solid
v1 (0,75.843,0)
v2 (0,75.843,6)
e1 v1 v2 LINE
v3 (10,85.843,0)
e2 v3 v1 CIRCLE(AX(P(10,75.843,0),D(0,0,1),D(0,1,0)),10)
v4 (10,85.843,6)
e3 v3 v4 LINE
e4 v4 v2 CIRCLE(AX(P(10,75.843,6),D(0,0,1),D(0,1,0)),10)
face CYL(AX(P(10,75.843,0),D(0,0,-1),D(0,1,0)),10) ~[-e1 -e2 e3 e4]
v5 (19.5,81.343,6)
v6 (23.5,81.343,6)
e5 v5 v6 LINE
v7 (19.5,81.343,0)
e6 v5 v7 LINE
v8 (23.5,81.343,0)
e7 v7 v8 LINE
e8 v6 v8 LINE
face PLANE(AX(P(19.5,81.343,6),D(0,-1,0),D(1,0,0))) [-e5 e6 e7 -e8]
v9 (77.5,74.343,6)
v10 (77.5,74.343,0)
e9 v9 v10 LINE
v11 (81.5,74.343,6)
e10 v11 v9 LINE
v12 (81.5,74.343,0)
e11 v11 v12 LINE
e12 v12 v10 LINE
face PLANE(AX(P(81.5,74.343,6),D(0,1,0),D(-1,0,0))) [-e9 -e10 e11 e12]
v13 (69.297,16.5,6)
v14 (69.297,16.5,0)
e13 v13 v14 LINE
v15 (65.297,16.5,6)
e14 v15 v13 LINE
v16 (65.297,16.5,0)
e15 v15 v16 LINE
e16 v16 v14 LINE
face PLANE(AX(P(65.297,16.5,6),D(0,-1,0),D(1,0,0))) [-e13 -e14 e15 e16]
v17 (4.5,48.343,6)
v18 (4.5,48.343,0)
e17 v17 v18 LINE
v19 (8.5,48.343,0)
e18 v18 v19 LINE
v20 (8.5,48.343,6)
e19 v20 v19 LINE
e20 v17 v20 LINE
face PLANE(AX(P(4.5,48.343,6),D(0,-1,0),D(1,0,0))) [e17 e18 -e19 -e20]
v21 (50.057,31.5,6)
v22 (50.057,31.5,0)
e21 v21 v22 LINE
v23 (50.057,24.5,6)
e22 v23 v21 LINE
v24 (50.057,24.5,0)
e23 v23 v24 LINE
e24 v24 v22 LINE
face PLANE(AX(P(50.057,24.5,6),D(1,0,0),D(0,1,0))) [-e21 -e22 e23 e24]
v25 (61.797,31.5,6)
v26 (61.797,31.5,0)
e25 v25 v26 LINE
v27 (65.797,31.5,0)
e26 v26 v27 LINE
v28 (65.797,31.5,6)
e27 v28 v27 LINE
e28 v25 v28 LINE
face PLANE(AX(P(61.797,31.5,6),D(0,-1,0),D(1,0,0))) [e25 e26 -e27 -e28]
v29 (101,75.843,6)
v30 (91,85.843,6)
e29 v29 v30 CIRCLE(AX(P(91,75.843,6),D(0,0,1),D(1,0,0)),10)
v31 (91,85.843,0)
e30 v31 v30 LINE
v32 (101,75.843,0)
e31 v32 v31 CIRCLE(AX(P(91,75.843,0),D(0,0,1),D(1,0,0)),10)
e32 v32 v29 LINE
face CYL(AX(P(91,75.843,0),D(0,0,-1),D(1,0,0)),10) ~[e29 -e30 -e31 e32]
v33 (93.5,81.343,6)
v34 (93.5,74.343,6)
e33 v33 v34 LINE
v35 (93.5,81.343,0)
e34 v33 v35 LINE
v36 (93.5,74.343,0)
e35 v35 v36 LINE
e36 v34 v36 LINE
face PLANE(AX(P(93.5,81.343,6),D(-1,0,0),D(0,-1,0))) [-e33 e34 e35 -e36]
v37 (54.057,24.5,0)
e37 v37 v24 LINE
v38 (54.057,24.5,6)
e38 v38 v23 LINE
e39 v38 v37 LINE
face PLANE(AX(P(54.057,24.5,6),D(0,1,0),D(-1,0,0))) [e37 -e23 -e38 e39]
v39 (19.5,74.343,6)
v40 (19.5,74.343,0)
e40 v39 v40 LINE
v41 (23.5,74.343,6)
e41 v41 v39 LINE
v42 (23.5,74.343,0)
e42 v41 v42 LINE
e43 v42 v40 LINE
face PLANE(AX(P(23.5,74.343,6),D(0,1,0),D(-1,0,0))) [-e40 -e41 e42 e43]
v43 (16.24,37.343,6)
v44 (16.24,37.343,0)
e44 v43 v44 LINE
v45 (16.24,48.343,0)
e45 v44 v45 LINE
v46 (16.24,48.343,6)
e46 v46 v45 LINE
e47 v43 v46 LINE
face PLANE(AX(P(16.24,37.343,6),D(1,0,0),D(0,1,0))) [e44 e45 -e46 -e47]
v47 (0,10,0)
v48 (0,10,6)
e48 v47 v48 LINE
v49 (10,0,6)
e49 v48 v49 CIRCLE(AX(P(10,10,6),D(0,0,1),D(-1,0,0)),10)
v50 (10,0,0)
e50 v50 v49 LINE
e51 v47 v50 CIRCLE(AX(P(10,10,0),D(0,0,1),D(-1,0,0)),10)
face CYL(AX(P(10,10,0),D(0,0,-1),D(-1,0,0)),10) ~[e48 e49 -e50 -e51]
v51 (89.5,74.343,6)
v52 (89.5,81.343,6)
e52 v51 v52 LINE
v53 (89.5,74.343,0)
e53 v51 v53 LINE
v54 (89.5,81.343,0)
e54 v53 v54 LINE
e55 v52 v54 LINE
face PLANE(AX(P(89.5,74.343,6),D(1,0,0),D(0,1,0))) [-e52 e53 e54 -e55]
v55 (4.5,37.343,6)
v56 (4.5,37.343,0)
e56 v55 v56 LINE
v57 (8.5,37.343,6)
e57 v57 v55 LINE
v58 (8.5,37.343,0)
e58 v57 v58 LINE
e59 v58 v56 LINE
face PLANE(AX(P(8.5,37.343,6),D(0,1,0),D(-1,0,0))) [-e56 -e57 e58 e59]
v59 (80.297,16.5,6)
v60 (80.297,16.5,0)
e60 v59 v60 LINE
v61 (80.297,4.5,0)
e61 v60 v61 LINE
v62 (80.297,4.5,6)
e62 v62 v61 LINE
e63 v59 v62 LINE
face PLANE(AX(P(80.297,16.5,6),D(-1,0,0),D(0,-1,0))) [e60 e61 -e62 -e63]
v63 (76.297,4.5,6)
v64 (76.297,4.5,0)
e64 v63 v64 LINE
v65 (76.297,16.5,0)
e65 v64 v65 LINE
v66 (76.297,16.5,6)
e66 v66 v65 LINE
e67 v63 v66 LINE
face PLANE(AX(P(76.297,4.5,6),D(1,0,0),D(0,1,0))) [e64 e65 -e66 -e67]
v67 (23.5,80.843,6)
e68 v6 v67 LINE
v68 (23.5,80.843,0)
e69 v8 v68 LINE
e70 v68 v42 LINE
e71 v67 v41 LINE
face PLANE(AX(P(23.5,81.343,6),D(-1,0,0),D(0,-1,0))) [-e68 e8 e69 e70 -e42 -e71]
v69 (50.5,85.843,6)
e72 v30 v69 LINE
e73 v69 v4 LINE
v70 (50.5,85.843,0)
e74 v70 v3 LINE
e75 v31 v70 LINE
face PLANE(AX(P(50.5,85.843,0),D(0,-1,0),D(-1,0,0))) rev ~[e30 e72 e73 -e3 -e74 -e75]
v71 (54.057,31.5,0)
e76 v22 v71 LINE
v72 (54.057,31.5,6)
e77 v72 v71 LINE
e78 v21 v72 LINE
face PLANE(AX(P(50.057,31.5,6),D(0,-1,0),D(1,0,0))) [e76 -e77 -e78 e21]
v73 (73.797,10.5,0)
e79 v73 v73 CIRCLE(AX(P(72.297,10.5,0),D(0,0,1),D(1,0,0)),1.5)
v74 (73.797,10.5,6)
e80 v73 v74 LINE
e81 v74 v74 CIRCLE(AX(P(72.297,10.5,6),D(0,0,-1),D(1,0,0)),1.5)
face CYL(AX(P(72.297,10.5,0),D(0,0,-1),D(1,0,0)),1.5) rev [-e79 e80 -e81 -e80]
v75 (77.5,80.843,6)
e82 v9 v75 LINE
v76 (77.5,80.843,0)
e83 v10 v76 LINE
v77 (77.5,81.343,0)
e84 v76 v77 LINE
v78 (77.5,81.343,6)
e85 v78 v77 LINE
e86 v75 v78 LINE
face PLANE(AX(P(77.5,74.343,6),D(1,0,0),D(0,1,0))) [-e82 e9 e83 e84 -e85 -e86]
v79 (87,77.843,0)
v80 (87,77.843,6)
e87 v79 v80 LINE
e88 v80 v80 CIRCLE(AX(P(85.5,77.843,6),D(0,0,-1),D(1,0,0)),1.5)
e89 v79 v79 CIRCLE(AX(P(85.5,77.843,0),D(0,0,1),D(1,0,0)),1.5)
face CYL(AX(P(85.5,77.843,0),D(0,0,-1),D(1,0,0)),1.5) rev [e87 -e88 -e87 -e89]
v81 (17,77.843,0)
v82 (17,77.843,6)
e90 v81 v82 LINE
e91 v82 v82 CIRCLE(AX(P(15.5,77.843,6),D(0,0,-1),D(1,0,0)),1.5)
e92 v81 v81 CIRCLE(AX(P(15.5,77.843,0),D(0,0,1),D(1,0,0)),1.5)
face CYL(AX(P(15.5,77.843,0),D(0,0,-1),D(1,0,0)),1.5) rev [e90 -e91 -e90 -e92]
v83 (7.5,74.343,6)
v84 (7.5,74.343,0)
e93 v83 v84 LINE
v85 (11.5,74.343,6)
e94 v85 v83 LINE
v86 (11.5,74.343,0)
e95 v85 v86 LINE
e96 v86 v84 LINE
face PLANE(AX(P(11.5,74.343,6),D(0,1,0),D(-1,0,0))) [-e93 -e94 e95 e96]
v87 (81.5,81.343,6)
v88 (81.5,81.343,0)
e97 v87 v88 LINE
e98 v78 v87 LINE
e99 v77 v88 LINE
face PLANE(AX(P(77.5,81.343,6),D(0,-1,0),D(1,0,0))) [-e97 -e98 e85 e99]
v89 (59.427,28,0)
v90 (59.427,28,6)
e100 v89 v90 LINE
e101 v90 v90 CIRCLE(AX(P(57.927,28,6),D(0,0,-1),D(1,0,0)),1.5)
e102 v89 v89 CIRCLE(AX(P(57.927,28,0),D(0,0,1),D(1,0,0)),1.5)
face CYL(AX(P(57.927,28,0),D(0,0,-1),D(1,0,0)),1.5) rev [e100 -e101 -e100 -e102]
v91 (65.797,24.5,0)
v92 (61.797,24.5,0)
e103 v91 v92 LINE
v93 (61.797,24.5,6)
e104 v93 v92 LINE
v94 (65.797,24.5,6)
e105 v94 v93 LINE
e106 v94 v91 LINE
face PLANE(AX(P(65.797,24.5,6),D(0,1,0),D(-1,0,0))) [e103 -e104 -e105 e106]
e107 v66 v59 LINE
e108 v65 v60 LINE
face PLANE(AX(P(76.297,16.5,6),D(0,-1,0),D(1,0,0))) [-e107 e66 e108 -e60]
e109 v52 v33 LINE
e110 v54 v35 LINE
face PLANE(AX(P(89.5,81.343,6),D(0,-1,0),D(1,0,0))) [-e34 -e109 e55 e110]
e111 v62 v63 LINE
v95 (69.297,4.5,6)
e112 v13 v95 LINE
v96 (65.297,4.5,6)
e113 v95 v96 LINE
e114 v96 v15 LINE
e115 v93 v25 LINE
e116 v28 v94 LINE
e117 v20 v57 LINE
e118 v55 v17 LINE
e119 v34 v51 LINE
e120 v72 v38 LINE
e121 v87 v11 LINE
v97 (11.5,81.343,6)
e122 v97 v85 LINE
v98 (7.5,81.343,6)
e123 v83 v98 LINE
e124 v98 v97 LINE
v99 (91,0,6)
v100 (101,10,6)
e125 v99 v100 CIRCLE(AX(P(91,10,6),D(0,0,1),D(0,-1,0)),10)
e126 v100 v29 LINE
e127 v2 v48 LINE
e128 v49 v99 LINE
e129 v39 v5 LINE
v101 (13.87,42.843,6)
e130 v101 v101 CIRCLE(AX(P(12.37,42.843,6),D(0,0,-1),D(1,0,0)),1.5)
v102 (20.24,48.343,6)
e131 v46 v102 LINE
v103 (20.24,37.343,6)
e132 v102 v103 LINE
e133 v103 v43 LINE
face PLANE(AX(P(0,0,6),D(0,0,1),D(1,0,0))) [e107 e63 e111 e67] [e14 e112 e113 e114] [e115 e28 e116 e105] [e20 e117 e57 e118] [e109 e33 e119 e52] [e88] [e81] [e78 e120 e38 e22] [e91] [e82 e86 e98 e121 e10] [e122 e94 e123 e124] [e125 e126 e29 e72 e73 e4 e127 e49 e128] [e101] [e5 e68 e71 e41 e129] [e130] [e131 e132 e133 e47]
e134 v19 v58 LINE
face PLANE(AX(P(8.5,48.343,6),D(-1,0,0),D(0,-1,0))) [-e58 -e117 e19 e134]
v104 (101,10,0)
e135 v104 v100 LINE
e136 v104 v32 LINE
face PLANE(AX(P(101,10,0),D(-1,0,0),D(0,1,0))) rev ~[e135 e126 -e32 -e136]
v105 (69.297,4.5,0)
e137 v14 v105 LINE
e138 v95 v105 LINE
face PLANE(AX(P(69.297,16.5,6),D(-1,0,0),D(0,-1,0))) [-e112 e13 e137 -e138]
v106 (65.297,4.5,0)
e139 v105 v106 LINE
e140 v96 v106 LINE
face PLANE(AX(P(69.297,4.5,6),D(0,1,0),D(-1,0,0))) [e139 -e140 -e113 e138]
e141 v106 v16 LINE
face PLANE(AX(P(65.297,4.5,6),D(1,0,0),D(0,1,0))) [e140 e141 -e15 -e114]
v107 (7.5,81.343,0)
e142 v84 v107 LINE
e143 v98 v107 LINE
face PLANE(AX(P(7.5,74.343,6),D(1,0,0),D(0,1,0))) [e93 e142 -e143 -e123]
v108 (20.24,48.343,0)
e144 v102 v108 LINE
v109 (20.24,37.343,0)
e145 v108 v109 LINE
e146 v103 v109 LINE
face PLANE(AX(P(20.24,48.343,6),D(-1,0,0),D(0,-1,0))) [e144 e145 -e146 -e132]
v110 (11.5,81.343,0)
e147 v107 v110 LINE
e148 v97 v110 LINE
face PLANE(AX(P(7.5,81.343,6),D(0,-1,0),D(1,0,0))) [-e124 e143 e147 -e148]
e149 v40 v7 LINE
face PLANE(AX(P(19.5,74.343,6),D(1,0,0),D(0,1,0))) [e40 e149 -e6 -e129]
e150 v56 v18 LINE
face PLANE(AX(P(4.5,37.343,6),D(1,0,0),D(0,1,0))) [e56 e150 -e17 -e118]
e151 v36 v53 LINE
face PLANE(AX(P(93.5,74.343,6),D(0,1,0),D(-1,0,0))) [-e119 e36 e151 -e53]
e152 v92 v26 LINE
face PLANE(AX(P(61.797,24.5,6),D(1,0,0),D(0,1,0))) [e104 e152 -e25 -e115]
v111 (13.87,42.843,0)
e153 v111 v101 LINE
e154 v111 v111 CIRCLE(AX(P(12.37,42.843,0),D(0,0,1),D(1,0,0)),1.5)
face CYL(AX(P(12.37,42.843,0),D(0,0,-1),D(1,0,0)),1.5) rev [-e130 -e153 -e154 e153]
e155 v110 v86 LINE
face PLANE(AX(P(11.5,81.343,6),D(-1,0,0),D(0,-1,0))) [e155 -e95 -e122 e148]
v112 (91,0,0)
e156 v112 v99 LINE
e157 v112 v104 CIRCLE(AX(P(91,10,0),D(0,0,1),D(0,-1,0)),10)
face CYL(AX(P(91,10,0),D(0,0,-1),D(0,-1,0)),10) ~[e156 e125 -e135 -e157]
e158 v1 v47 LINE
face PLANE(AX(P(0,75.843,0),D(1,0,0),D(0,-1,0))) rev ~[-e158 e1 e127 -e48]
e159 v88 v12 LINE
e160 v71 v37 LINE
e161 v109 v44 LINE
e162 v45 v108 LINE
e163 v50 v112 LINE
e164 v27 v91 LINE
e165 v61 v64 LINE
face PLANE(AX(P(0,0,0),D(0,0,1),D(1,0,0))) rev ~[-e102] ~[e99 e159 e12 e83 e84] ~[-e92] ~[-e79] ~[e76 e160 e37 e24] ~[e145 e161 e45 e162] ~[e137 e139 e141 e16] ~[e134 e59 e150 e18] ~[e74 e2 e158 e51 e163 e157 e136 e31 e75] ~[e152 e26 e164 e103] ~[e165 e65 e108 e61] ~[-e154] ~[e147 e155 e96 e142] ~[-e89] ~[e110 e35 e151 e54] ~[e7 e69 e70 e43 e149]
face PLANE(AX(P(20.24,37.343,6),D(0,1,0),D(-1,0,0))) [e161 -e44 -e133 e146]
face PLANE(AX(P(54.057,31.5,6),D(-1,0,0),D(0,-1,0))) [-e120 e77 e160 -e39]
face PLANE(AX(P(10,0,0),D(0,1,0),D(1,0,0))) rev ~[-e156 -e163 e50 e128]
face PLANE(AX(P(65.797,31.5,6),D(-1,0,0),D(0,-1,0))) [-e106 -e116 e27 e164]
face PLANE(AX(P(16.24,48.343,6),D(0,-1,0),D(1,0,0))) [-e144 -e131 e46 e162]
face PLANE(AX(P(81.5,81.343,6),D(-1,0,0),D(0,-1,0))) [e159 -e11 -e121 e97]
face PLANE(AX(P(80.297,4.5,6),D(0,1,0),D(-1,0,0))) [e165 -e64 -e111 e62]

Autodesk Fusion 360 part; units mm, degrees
sketch "Sketch1" plane through (0, 0, 0) normal (0, 0, 1) x (1, 0, 0)
  line L0 (10, 0) -> (91, 0)
  line L1 (101, 10) -> (101, 75.843)
  line L2 (91, 85.843) -> (10, 85.843)
  line L3 (0, 75.843) -> (0, 10)
  line L4 (8, 80.843) -> (23, 80.843)
  line L5 (23, 80.843) -> (23, 74.843)
  line L6 (23, 74.843) -> (8, 74.843)
  line L7 (8, 74.843) -> (8, 80.843)
  line L8 (23, 80.843) -> (78, 80.843)
  line L9 (78, 80.843) -> (93, 80.843)
  line L10 (93, 80.843) -> (93, 74.843)
  line L11 (93, 74.843) -> (78, 74.843)
  line L12 (78, 74.843) -> (78, 80.843)
  line L13 (11, 80.843) -> (11, 74.843)
  line L14 (20, 80.843) -> (20, 74.843)
  line L15 (90, 80.843) -> (90, 74.843)
  line L16 (81, 74.843) -> (81, 80.843)
  line L17 (50.5, 85.843) -> (50.5, 80.843)
  line L18 (5, 47.843) -> (19.74, 47.843)
  line L19 (19.74, 47.843) -> (19.74, 37.843)
  line L20 (19.74, 37.843) -> (5, 37.843)
  line L21 (5, 37.843) -> (5, 47.843)
  line L22 (5, 47.843) -> (8, 47.843)
  line L23 (8, 47.843) -> (8, 37.843)
  line L24 (8, 37.843) -> (5, 37.843)
  line L25 (5, 37.843) -> (5, 47.843)
  line L26 (19.74, 37.843) -> (16.74, 37.843)
  line L27 (16.74, 37.843) -> (16.74, 47.843)
  line L28 (16.74, 47.843) -> (19.74, 47.843)
  line L29 (19.74, 47.843) -> (19.74, 37.843)
  line L30 (50.557, 31) -> (65.297, 31)
  line L31 (65.297, 31) -> (65.297, 25)
  line L32 (65.297, 25) -> (50.557, 25)
  line L33 (50.557, 25) -> (50.557, 31)
  line L34 (50.557, 31) -> (53.557, 31)
  line L35 (53.557, 31) -> (53.557, 25)
  line L36 (53.557, 25) -> (50.557, 25)
  line L37 (50.557, 25) -> (50.557, 31)
  line L38 (65.297, 25) -> (62.297, 25)
  line L39 (62.297, 25) -> (62.297, 31)
  line L40 (62.297, 31) -> (65.297, 31)
  line L41 (65.297, 31) -> (65.297, 25)
  line L42 (65.797, 16) -> (79.797, 16)
  line L43 (79.797, 16) -> (79.797, 5)
  line L44 (79.797, 5) -> (65.797, 5)
  line L45 (65.797, 5) -> (65.797, 16)
  line L46 (68.797, 16) -> (68.797, 5)
  line L47 (76.797, 5) -> (76.797, 16)
  arc A0 (10, 85.843) -> (0, 75.843) centre (10, 75.843) ccw
  arc A1 (101, 75.843) -> (91, 85.843) centre (91, 75.843) ccw
  arc A2 (0, 10) -> (10, 0) centre (10, 10) ccw
  arc A3 (91, 0) -> (101, 10) centre (91, 10) ccw
  line L48 (11, 77.843) -> (20, 77.843)
  line L49 (8, 42.843) -> (16.74, 42.843)
  line L50 (81, 77.843) -> (90, 77.843)
  line L51 (53.557, 28) -> (62.297, 28)
  line L52 (68.797, 10.5) -> (76.797, 10.5)
  circle A4 centre (72.297, 10.5) radius 1.5
  circle A5 centre (57.927, 28) radius 1.5
  circle A6 centre (12.37, 42.843) radius 1.5
  circle A7 centre (15.5, 77.843) radius 1.5
  circle A8 centre (85.5, 77.843) radius 1.5
  circle A9 centre (72.297, 10.5) radius 3.5
  dimension "d1" = 6
  dimension "d2" = 6
  dimension "d3" = 15
  dimension "d4" = 15
  dimension "d5" = 55
  dimension "d6" = 3
  dimension "d7" = 3
  dimension "d8" = 3
  dimension "d9" = 3
  dimension "d10" = 90
  dimension "d11" = 5
  dimension "d12" = 14.74
  dimension "d13" = 10
  dimension "d14" = 3
  dimension "d15" = 3
  dimension "d16" = 27
  dimension "d17" = 3
  dimension "d18" = 14.74
  dimension "d19" = 6
  dimension "d20" = 3
  dimension "d21" = 3
  dimension "d22" = 6.843
  dimension "d23" = 30.817
  dimension "d24" = 14
  dimension "d25" = 11
  dimension "d26" = 3
  dimension "d27" = 3
  dimension "d28" = 0.5
  dimension "d29" = 9
  dimension "d30" = 5
  dimension "d31" = 8
  dimension "d32" = 8
  dimension "d33" = 5
  dimension "d34" = 10
  dimension "d35" = 10
  dimension "d36" = 10
  dimension "d37" = 10
  dimension "d38" = 7
  dimension "d39" = 3
  dimension "d40" = 3
  dimension "d41" = 3
  dimension "d42" = 3
  dimension "d43" = 3
extrude "Extrude1" add sketch "Sketch1" along normal blind 6 contours L0 L1 L2 L3 A0 A1 A2 A3 | L4 L13 L14 L48 A7 | L9 L15 L16 L50 A8 | L6 L13 L14 L48 A7 | L11 L15 L16 L50 A8 | L18 L23 L27 L49 A6 | L20 L23 L27 L49 A6 | L30 L35 L39 L51 A5 | L32 L35 L39 L51 A5 | L42 L46 L47 L52 A9 | L44 L46 L47 L52 A9 | L52 A4 A9 | L52 A4 A9
sketch "Sketch2" plane through (0, 0, 6) normal (0, 0, 1) x (-1, 0, 0)
  line L0 (-8, -80.843) -> (-11, -80.843)
  line L1 (-11, -80.843) -> (-11, -74.843)
  line L2 (-11, -74.843) -> (-8, -74.843)
  line L3 (-8, -74.843) -> (-8, -80.843)
  line L4 (-16.74, -47.843) -> (-19.74, -47.843)
  line L5 (-19.74, -47.843) -> (-19.74, -37.843)
  line L6 (-19.74, -37.843) -> (-16.74, -37.843)
  line L7 (-16.74, -37.843) -> (-16.74, -47.843)
  line L8 (-65.797, -16) -> (-68.797, -16)
  line L9 (-68.797, -16) -> (-68.797, -5)
  line L10 (-68.797, -5) -> (-65.797, -5)
  line L11 (-65.797, -5) -> (-65.797, -16)
  circle A0 centre (-57.927, -28) radius 1.5
  line L12 (-81, -74.843) -> (-78, -74.843)
  line L13 (-78, -74.843) -> (-78, -80.843)
  line L14 (-78, -80.843) -> (-81, -80.843)
  line L15 (-81, -80.843) -> (-81, -74.843)
  circle A1 centre (-85.5, -77.843) radius 1.5
  line L16 (-90, -80.843) -> (-93, -80.843)
  line L17 (-93, -80.843) -> (-93, -74.843)
  line L18 (-93, -74.843) -> (-90, -74.843)
  line L19 (-90, -74.843) -> (-90, -80.843)
  circle A2 centre (-15.5, -77.843) radius 1.5
  line L20 (-20, -80.843) -> (-23, -80.843)
  line L21 (-23, -80.843) -> (-23, -74.843)
  line L22 (-23, -74.843) -> (-20, -74.843)
  line L23 (-20, -74.843) -> (-20, -80.843)
  line L24 (-53.557, -25) -> (-50.557, -25)
  line L25 (-50.557, -25) -> (-50.557, -31)
  line L26 (-50.557, -31) -> (-53.557, -31)
  line L27 (-53.557, -31) -> (-53.557, -25)
  line L28 (-8, -37.843) -> (-5, -37.843)
  line L29 (-5, -37.843) -> (-5, -47.843)
  line L30 (-5, -47.843) -> (-8, -47.843)
  line L31 (-8, -47.843) -> (-8, -37.843)
  circle A3 centre (-72.297, -10.5) radius 1.5
  circle A4 centre (-12.37, -42.843) radius 1.5
  line L32 (-62.297, -31) -> (-65.297, -31)
  line L33 (-65.297, -31) -> (-65.297, -25)
  line L34 (-65.297, -25) -> (-62.297, -25)
  line L35 (-62.297, -25) -> (-62.297, -31)
  line L36 (-79.797, -5) -> (-76.797, -5)
  line L37 (-76.797, -5) -> (-76.797, -16)
  line L38 (-76.797, -16) -> (-79.797, -16)
  line L39 (-79.797, -16) -> (-79.797, -5)
  arc A5 (-91, 0) -> (-101, -10) centre (-91, -10) ccw
  line L40 (-101, -10) -> (-101, -75.843)
  arc A6 (-101, -75.843) -> (-91, -85.843) centre (-91, -75.843) ccw
  line L41 (-91, -85.843) -> (-10, -85.843)
  arc A7 (-10, -85.843) -> (0, -75.843) centre (-10, -75.843) ccw
  line L42 (0, -75.843) -> (0, -10)
  arc A8 (0, -10) -> (-10, 0) centre (-10, -10) ccw
  line L43 (-10, 0) -> (-91, 0)
  line L44 (-7.5, -74.343) -> (-7.5, -81.343)
  line L45 (-7.5, -81.343) -> (-11.5, -81.343)
  line L46 (-11.5, -81.343) -> (-11.5, -74.343)
  line L47 (-11.5, -74.343) -> (-7.5, -74.343)
  line L48 (-23.5, -74.343) -> (-19.5, -74.343)
  line L49 (-19.5, -74.343) -> (-19.5, -81.343)
  line L50 (-19.5, -81.343) -> (-23.5, -81.343)
  line L51 (-23.5, -81.343) -> (-23.5, -74.343)
  line L52 (-81.5, -74.343) -> (-77.5, -74.343)
  line L53 (-77.5, -74.343) -> (-77.5, -81.343)
  line L54 (-77.5, -81.343) -> (-81.5, -81.343)
  line L55 (-81.5, -81.343) -> (-81.5, -74.343)
  line L56 (-93.5, -81.343) -> (-93.5, -74.343)
  line L57 (-93.5, -74.343) -> (-89.5, -74.343)
  line L58 (-89.5, -74.343) -> (-89.5, -81.343)
  line L59 (-89.5, -81.343) -> (-93.5, -81.343)
  line L60 (-4.5, -37.343) -> (-4.5, -48.343)
  line L61 (-4.5, -48.343) -> (-8.5, -48.343)
  line L62 (-8.5, -48.343) -> (-8.5, -37.343)
  line L63 (-8.5, -37.343) -> (-4.5, -37.343)
  line L64 (-20.24, -37.343) -> (-16.24, -37.343)
  line L65 (-16.24, -37.343) -> (-16.24, -48.343)
  line L66 (-16.24, -48.343) -> (-20.24, -48.343)
  line L67 (-20.24, -48.343) -> (-20.24, -37.343)
  line L68 (-50.057, -31.5) -> (-54.057, -31.5)
  line L69 (-54.057, -31.5) -> (-54.057, -24.5)
  line L70 (-54.057, -24.5) -> (-50.057, -24.5)
  line L71 (-50.057, -24.5) -> (-50.057, -31.5)
  line L72 (-61.797, -31.5) -> (-65.797, -31.5)
  line L73 (-65.797, -31.5) -> (-65.797, -24.5)
  line L74 (-65.797, -24.5) -> (-61.797, -24.5)
  line L75 (-61.797, -24.5) -> (-61.797, -31.5)
  line L76 (-69.297, -4.5) -> (-65.297, -4.5)
  line L77 (-65.297, -4.5) -> (-65.297, -16.5)
  line L78 (-65.297, -16.5) -> (-69.297, -16.5)
  line L79 (-69.297, -16.5) -> (-69.297, -4.5)
  line L80 (-80.297, -4.5) -> (-76.297, -4.5)
  line L81 (-76.297, -4.5) -> (-76.297, -16.5)
  line L82 (-76.297, -16.5) -> (-80.297, -16.5)
  line L83 (-80.297, -16.5) -> (-80.297, -4.5)
  dimension "d46" = -0.5
  dimension "d47" = -0.5
  dimension "d48" = -0.5
  dimension "d49" = -0.5
  dimension "d50" = -0.5
  dimension "d51" = -0.5
  dimension "d52" = -0.5
  dimension "d53" = -0.5
  dimension "d54" = -0.5
  dimension "d55" = -0.5
extrude "Extrude2" cut sketch "Sketch2" against normal blind 10 contours L44 L45 L46 L47 | L48 L49 L50 L51 | L52 L53 L54 L55 | L56 L57 L58 L59 | L60 L61 L62 L63 | L64 L65 L66 L67 | L68 L69 L70 L71 | L72 L73 L74 L75 | L76 L77 L78 L79 | L80 L81 L82 L83
